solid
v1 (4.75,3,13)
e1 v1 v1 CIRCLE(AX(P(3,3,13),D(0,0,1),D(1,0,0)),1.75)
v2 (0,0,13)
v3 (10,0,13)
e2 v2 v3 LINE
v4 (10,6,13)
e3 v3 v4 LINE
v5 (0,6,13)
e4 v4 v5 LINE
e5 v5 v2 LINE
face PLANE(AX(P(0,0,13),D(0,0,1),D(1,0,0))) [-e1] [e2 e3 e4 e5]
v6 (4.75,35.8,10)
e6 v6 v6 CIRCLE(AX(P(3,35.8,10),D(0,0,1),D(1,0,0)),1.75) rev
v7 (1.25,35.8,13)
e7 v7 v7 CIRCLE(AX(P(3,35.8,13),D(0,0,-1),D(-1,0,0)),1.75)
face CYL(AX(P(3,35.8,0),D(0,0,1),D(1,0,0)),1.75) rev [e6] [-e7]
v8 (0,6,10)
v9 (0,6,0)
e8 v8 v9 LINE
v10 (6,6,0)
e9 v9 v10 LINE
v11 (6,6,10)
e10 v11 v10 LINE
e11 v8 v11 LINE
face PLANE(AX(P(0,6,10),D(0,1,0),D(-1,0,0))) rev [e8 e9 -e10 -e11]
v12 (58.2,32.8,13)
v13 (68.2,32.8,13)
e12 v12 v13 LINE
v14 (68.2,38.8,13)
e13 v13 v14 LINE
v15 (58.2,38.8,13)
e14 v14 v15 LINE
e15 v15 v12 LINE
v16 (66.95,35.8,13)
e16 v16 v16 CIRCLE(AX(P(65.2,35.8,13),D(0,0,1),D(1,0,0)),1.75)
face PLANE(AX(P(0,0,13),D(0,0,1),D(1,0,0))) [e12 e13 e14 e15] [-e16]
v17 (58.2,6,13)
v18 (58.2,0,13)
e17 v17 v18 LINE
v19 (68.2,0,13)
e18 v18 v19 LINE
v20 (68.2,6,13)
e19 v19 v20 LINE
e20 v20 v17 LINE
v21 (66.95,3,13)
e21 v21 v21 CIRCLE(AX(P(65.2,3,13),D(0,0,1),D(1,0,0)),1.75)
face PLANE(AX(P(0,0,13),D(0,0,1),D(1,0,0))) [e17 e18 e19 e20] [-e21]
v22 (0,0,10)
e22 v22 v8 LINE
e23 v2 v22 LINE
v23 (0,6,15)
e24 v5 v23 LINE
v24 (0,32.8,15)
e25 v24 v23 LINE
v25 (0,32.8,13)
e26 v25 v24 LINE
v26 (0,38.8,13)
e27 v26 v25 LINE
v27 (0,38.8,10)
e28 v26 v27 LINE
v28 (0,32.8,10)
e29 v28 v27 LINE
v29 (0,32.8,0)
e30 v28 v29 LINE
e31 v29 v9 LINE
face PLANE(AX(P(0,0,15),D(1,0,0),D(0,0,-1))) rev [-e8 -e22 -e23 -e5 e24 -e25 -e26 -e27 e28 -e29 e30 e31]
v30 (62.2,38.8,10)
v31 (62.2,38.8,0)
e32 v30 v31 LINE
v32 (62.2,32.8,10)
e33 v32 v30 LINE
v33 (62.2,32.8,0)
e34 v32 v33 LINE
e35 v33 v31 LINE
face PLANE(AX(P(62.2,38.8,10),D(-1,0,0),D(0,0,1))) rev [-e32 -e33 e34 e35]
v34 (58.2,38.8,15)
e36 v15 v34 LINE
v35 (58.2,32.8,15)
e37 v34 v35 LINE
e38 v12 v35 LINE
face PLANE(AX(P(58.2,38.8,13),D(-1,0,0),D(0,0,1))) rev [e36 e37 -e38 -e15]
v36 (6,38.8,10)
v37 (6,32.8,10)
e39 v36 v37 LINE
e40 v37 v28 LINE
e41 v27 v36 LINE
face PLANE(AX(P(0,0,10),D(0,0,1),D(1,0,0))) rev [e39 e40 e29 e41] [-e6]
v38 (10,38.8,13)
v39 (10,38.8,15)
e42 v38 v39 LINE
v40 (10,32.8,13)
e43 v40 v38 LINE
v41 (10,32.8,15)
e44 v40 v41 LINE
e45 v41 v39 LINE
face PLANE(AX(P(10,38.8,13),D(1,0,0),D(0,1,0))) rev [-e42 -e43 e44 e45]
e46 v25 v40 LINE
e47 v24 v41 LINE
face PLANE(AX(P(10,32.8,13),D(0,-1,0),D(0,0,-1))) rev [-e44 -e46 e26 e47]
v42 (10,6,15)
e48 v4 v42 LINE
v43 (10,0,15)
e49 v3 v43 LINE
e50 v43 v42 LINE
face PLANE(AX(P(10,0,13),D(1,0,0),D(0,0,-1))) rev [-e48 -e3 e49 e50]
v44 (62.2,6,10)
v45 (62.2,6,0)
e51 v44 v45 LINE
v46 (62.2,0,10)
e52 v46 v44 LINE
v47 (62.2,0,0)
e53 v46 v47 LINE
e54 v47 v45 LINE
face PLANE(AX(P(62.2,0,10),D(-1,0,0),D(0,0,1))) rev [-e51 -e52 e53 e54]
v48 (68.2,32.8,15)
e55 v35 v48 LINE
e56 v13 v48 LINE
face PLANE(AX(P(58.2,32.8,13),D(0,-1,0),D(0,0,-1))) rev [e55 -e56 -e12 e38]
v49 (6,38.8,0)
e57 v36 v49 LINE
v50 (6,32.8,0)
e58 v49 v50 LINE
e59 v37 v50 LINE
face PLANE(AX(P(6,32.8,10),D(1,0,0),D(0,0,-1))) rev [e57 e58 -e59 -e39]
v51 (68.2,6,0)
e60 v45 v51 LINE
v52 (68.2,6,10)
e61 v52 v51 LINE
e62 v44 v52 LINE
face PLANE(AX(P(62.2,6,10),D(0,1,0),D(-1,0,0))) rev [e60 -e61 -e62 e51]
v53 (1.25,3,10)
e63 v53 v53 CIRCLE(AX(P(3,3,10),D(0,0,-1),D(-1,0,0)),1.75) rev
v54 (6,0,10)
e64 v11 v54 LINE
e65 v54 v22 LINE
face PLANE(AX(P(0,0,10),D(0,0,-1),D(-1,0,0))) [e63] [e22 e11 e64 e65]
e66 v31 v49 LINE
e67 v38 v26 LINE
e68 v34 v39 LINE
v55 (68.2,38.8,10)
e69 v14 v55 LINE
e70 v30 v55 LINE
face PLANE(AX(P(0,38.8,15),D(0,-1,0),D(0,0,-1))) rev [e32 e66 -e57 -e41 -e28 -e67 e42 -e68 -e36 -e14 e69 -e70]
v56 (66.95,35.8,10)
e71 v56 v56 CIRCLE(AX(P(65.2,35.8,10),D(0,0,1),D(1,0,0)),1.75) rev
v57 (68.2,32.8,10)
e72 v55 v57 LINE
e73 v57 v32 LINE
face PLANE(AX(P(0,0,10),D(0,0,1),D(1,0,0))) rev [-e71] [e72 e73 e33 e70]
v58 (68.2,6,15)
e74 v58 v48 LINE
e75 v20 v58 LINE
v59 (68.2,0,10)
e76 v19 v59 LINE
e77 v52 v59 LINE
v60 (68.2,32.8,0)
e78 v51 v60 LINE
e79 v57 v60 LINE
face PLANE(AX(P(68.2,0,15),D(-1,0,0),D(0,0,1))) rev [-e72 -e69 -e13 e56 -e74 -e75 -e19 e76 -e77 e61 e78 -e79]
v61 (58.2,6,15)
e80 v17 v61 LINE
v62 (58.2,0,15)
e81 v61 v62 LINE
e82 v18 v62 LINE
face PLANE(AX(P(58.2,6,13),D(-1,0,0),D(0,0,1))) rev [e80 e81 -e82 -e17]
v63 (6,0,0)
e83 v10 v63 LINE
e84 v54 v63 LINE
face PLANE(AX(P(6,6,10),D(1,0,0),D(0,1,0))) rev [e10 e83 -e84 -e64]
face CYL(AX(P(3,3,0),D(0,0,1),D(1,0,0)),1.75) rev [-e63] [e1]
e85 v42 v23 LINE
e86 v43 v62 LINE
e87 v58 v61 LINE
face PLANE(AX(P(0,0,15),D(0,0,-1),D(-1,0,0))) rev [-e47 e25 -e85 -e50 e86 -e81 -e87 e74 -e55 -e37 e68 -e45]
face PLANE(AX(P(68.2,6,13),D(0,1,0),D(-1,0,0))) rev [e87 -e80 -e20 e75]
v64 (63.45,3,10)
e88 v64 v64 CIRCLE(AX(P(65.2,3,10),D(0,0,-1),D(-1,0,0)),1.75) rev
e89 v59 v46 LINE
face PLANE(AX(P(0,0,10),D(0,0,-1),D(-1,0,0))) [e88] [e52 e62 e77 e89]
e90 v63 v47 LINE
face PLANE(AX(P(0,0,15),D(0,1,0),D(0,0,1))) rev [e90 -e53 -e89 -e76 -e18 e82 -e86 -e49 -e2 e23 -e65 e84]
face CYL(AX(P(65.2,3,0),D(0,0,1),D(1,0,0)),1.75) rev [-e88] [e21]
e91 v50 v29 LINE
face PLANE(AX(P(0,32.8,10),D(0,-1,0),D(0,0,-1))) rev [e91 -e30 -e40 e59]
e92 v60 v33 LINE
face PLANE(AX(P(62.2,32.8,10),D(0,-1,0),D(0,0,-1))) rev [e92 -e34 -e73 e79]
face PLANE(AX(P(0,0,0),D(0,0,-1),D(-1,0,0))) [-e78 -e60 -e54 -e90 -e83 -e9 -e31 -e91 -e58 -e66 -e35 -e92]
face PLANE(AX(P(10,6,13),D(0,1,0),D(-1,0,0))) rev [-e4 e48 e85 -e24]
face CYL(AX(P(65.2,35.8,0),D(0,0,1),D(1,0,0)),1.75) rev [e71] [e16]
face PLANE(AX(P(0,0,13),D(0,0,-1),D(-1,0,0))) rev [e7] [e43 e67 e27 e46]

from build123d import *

# Parameters (mm, degrees)
ESQUISSE1_W             = 68.2
ESQUISSE1_H             = 38.8
BOSS_EXTRU_2_DEPTH      = 15
ESQUISSE3_W             = 10
ESQUISSE3_H             = 6
ENL_V_MAT_EXTRU_1_DEPTH = 2
ESQUISSE4_R             = 1.75
ENL_V_MAT_EXTRU_2_DEPTH = 80.885417943
ESQUISSE6_W             = 6
ESQUISSE6_H             = 6
ENL_V_MAT_EXTRU_3_DEPTH = 10


with BuildPart() as part:
    # Esquisse1 → Boss.-Extru.2 (new body)
    with BuildSketch(Plane.XY):
        with Locations((34.1, 19.4)):
            Rectangle(ESQUISSE1_W, ESQUISSE1_H)
    extrude(amount=BOSS_EXTRU_2_DEPTH)

    # Esquisse3 → Enlèv. mat.-Extru.1 (cut)
    with BuildSketch(Plane.XY.offset(15)):
        with Locations((5, 35.8)):
            Rectangle(ESQUISSE3_W, ESQUISSE3_H)
        with Locations((5, 3)):
            Rectangle(ESQUISSE3_W, ESQUISSE3_H)
        with Locations((63.2, 3)):
            Rectangle(ESQUISSE3_W, ESQUISSE3_H)
        with Locations((63.2, 35.8)):
            Rectangle(ESQUISSE3_W, ESQUISSE3_H)
    extrude(amount=-ENL_V_MAT_EXTRU_1_DEPTH, mode=Mode.SUBTRACT)

    # Esquisse4 → Enlèv. mat.-Extru.2 (cut, through all)
    with BuildSketch(Plane.XY.offset(15)):
        with Locations((3, 35.8)):
            Circle(ESQUISSE4_R)
        with Locations((3, 3)):
            Circle(ESQUISSE4_R)
        with Locations((65.2, 35.8)):
            Circle(ESQUISSE4_R)
        with Locations((65.2, 3)):
            Circle(ESQUISSE4_R)
    extrude(amount=-ENL_V_MAT_EXTRU_2_DEPTH, mode=Mode.SUBTRACT)

    # Esquisse6 → Enlèv. mat.-Extru.3 (cut)
    with BuildSketch(Plane(origin=(0, 0, 0), x_dir=(-1, 0, 0), z_dir=(0, 0, -1))):
        with Locations((-65.2, 35.8)):
            Rectangle(ESQUISSE6_W, ESQUISSE6_H)
        with Locations((-3, 35.8)):
            Rectangle(ESQUISSE6_W, ESQUISSE6_H)
        with Locations((-3, 3)):
            Rectangle(ESQUISSE6_W, ESQUISSE6_H)
        with Locations((-65.2, 3)):
            Rectangle(ESQUISSE6_W, ESQUISSE6_H)
    extrude(amount=-ENL_V_MAT_EXTRU_3_DEPTH, mode=Mode.SUBTRACT)


solid = part.part
